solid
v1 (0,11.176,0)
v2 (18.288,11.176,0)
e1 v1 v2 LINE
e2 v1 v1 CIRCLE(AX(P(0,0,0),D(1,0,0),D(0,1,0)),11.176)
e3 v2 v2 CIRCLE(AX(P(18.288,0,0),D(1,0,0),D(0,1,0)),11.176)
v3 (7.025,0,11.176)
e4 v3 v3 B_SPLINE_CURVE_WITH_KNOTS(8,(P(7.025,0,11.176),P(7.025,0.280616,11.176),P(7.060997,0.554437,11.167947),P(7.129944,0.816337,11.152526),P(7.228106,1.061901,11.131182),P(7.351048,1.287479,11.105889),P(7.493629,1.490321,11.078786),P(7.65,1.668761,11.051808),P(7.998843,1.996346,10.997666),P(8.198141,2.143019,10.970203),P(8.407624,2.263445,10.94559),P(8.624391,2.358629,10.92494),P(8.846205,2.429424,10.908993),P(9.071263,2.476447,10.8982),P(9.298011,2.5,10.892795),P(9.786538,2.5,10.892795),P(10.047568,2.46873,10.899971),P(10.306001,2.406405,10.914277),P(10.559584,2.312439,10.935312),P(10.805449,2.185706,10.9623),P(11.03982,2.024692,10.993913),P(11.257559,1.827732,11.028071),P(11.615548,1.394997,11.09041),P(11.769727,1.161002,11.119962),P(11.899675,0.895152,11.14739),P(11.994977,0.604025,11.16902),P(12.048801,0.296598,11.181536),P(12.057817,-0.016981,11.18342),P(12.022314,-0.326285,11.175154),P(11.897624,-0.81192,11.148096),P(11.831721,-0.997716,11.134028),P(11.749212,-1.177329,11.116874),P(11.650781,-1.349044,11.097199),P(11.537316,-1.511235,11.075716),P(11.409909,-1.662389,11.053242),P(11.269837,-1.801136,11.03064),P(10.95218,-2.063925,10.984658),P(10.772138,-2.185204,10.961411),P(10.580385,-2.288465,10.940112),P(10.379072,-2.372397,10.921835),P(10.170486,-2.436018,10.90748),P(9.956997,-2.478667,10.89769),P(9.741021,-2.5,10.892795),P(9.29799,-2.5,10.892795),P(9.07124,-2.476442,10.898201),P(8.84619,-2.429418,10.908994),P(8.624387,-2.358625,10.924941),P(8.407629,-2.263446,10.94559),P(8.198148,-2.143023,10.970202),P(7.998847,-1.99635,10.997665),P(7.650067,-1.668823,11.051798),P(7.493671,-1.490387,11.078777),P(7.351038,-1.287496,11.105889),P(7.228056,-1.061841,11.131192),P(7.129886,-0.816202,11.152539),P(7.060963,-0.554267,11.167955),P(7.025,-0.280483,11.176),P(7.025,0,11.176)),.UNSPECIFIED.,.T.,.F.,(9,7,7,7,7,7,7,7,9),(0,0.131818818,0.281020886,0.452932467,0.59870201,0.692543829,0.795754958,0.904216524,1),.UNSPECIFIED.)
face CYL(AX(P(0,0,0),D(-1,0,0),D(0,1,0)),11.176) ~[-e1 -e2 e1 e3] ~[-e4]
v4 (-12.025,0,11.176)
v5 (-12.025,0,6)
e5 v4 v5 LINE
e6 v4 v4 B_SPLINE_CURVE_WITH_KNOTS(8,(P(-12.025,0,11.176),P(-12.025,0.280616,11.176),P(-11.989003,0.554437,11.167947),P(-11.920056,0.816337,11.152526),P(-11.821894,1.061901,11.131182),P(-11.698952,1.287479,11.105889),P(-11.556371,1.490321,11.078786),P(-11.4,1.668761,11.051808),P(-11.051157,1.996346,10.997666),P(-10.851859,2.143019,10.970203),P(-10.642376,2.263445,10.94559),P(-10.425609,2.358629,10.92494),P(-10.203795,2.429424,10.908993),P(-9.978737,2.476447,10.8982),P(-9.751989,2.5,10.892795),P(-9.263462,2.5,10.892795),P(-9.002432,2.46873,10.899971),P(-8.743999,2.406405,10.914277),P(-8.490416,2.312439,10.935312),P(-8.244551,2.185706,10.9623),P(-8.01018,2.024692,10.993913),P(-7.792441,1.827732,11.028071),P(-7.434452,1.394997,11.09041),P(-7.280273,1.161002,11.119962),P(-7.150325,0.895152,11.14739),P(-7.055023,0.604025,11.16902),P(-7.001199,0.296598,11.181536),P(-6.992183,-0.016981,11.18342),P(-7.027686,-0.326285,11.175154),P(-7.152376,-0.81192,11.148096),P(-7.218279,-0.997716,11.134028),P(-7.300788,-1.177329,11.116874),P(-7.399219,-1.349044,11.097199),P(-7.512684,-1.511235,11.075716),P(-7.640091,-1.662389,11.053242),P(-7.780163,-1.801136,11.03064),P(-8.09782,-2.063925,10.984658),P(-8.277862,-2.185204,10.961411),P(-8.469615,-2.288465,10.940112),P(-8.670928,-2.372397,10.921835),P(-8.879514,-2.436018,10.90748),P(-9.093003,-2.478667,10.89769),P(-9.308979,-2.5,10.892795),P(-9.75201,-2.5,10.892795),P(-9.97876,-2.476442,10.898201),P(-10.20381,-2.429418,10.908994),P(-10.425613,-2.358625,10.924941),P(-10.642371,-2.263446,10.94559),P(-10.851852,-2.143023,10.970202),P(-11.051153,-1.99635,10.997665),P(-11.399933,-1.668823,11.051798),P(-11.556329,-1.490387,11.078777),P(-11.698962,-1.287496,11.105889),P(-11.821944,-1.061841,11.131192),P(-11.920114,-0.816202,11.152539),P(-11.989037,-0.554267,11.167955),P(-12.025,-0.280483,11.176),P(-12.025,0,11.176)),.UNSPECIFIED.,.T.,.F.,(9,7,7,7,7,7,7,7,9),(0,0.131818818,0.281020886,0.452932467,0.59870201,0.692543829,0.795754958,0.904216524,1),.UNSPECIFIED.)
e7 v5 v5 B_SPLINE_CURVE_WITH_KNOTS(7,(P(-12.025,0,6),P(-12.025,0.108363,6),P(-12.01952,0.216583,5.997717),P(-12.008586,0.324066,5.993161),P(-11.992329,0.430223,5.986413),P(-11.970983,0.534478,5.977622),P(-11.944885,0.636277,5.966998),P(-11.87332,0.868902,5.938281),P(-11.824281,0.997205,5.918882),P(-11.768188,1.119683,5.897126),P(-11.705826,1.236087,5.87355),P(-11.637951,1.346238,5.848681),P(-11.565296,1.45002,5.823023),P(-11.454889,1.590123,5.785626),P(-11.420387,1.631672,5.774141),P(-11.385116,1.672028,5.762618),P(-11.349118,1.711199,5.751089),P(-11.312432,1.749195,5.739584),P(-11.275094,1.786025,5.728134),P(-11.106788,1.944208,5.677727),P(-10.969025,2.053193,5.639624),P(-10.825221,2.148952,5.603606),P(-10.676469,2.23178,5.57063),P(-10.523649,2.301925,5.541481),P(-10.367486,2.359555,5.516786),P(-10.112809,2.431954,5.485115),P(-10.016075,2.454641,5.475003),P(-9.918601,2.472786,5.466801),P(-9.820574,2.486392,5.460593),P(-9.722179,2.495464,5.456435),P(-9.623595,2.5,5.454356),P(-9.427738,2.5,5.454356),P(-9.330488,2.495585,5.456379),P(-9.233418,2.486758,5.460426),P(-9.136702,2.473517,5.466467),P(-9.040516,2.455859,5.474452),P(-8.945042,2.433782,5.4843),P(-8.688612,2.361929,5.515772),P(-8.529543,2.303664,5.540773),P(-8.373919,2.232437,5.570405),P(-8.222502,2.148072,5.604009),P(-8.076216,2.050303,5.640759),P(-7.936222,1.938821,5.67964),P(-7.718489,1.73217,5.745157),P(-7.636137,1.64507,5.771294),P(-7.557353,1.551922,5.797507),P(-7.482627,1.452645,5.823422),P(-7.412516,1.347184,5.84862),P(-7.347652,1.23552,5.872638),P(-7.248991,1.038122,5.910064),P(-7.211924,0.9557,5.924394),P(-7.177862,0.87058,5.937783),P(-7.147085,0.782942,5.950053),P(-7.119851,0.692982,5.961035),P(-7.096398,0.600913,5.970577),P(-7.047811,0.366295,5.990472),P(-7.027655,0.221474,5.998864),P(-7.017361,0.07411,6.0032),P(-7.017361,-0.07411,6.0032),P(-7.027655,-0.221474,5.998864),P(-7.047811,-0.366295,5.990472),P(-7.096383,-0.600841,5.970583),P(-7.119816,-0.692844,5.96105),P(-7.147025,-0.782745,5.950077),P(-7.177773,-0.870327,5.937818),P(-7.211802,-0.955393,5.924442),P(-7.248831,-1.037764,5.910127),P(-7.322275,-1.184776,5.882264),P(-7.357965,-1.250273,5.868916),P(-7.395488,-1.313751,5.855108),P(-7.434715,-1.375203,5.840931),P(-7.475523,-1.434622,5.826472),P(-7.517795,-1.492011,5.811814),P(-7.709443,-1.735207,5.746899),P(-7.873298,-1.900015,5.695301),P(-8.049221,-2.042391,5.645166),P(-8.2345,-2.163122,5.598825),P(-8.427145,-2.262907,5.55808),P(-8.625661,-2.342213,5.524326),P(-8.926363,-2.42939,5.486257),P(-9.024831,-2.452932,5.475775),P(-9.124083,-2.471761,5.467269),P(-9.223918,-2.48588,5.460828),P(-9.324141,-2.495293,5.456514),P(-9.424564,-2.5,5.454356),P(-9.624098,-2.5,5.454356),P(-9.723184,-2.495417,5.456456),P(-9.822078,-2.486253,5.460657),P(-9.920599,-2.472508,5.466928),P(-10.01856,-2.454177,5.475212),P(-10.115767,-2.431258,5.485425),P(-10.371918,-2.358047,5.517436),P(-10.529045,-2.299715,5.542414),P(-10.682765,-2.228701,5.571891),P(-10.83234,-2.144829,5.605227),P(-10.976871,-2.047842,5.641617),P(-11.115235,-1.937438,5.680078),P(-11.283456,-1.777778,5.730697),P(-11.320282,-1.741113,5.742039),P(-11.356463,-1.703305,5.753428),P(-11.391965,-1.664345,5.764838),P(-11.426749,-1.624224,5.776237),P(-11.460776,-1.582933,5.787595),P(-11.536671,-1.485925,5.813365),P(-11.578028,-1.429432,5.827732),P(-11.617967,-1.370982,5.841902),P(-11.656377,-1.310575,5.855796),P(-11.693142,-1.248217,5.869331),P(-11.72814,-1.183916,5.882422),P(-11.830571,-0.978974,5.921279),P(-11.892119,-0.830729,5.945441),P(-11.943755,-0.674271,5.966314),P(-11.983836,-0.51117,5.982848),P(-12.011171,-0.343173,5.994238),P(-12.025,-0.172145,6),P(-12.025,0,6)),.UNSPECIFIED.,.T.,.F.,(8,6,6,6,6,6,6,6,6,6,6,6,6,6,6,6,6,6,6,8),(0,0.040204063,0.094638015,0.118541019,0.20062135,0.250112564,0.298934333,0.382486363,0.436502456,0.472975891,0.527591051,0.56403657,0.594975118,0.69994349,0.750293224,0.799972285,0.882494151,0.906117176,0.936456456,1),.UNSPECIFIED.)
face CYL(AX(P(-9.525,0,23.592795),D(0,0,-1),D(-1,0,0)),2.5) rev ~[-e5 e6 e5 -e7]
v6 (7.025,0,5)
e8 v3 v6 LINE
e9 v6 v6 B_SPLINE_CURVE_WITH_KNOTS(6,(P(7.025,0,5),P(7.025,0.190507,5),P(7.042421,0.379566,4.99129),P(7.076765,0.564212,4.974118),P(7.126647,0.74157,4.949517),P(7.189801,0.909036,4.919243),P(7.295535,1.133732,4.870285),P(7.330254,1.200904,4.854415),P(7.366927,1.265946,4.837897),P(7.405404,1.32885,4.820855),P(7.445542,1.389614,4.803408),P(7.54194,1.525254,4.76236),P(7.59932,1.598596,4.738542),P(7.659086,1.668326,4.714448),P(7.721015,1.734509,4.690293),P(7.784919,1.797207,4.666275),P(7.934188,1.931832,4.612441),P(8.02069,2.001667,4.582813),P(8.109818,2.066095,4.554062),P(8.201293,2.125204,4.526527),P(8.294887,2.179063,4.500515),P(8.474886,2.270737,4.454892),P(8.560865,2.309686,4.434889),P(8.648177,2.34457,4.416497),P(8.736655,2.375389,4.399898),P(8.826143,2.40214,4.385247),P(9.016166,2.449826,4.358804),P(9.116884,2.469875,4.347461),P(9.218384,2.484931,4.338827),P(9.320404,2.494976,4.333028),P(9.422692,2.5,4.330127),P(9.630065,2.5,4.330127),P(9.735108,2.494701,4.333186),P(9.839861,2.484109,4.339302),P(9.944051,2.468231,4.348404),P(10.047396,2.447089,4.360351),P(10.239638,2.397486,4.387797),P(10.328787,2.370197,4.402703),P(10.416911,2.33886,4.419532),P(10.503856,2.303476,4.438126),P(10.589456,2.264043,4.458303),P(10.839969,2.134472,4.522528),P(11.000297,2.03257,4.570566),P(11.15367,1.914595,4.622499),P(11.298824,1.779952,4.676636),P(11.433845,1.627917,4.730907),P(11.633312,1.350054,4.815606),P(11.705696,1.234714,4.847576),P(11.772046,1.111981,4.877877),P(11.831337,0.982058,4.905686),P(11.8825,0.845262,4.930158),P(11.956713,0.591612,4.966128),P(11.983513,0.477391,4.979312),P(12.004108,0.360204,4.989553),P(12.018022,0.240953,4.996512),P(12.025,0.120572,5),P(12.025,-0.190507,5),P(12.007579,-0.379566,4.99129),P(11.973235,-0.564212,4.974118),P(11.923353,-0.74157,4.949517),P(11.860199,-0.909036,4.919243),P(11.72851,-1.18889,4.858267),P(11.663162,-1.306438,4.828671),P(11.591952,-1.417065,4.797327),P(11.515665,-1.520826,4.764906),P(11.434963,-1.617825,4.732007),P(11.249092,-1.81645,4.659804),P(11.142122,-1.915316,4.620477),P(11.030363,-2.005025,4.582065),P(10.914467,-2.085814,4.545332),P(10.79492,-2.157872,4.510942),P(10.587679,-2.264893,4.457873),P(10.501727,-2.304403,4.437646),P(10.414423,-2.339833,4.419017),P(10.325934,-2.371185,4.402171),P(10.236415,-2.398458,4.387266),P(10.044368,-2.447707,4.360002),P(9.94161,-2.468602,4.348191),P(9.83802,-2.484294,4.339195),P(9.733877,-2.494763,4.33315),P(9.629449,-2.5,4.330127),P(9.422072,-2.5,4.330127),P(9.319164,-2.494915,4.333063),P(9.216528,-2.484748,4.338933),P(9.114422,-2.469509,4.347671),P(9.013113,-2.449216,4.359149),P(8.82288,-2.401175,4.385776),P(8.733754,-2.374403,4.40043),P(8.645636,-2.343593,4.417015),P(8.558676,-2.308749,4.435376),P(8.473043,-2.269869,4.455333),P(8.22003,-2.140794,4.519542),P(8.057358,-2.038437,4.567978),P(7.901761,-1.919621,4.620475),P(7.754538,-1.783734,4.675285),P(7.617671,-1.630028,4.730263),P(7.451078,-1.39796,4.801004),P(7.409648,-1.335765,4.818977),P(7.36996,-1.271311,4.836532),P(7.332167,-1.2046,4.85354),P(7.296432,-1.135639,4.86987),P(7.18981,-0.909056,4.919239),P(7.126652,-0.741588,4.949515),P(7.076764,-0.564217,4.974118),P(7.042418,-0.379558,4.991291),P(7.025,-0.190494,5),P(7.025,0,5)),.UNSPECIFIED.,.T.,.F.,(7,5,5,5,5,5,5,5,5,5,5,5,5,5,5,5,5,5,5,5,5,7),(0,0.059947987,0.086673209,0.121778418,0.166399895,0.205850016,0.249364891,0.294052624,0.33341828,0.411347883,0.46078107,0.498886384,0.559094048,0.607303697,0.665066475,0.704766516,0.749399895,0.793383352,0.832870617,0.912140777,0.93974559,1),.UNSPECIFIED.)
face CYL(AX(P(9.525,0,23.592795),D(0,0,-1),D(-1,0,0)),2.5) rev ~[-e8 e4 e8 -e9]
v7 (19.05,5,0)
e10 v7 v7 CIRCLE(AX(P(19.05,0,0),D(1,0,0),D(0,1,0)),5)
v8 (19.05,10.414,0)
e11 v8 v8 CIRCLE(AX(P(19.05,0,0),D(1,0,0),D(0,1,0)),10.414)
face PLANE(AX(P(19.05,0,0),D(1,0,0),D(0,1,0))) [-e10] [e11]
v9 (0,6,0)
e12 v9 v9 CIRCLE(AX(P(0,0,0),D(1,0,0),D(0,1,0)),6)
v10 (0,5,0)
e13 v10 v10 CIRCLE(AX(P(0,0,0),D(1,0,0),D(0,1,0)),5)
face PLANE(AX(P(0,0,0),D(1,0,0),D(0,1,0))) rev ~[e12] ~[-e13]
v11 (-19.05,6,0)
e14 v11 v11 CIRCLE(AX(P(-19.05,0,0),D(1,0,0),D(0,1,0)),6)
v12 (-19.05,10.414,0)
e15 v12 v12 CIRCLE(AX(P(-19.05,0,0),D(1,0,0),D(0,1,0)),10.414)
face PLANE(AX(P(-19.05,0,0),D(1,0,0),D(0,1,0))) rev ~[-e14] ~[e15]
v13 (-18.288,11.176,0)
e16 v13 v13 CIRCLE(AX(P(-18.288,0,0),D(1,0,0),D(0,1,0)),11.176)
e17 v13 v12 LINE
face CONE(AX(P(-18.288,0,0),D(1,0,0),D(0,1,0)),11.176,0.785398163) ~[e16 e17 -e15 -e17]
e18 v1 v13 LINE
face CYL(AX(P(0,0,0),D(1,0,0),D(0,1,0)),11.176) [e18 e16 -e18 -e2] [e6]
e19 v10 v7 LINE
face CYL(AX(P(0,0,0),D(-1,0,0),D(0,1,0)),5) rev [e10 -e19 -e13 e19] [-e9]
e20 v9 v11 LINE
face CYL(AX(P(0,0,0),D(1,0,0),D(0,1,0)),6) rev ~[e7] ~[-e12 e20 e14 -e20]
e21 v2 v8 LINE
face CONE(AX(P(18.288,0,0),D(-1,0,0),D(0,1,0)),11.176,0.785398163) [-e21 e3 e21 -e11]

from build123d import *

# Parameters (mm, degrees)
F0_R     = 11.176
F0_R_2   = 6
F1_DEPTH = 19.05
F2_R     = 11.176
F2_R_2   = 5
F3_DEPTH = 19.05
F4_SIZE  = 0.762
F7_D     = 5
F7_DEPTH = 12.7
F7_START = 0.2832054
F7_TIP   = 1.5021515476


with BuildPart() as f1:
    # F0 (on Right) → F1 (new body)
    with BuildSketch(Plane.YZ):
        Circle(F0_R)
        Circle(F0_R_2, mode=Mode.SUBTRACT)
    extrude(amount=-F1_DEPTH)

    # F2 (on Right) → F3 (join)
    with BuildSketch(Plane.YZ):
        Circle(F2_R)
        Circle(F2_R_2, mode=Mode.SUBTRACT)
    extrude(amount=F3_DEPTH)

    # F4
    f4_edges = [f1.edges().sort_by_distance(p)[0] for p in [
        (-19.05, -11.176, 0),
        (19.05, -11.176, 0),
    ]]
    chamfer(f4_edges, length=F4_SIZE)

    # F7
    # its depths count from where the whole tool has entered the part; down to there all is cleared
    with Locations(Plane.XY.offset(11.176).offset(-F7_START)):
        with Locations((-9.525, 0), (9.525, 0)):
            Hole(F7_D / 2, depth=F7_DEPTH)
            with Locations((0, 0, -(F7_DEPTH + F7_TIP / 2))):  # 118° drill point
                Cone(0, F7_D / 2, F7_TIP, mode=Mode.SUBTRACT)


solid = f1.part
